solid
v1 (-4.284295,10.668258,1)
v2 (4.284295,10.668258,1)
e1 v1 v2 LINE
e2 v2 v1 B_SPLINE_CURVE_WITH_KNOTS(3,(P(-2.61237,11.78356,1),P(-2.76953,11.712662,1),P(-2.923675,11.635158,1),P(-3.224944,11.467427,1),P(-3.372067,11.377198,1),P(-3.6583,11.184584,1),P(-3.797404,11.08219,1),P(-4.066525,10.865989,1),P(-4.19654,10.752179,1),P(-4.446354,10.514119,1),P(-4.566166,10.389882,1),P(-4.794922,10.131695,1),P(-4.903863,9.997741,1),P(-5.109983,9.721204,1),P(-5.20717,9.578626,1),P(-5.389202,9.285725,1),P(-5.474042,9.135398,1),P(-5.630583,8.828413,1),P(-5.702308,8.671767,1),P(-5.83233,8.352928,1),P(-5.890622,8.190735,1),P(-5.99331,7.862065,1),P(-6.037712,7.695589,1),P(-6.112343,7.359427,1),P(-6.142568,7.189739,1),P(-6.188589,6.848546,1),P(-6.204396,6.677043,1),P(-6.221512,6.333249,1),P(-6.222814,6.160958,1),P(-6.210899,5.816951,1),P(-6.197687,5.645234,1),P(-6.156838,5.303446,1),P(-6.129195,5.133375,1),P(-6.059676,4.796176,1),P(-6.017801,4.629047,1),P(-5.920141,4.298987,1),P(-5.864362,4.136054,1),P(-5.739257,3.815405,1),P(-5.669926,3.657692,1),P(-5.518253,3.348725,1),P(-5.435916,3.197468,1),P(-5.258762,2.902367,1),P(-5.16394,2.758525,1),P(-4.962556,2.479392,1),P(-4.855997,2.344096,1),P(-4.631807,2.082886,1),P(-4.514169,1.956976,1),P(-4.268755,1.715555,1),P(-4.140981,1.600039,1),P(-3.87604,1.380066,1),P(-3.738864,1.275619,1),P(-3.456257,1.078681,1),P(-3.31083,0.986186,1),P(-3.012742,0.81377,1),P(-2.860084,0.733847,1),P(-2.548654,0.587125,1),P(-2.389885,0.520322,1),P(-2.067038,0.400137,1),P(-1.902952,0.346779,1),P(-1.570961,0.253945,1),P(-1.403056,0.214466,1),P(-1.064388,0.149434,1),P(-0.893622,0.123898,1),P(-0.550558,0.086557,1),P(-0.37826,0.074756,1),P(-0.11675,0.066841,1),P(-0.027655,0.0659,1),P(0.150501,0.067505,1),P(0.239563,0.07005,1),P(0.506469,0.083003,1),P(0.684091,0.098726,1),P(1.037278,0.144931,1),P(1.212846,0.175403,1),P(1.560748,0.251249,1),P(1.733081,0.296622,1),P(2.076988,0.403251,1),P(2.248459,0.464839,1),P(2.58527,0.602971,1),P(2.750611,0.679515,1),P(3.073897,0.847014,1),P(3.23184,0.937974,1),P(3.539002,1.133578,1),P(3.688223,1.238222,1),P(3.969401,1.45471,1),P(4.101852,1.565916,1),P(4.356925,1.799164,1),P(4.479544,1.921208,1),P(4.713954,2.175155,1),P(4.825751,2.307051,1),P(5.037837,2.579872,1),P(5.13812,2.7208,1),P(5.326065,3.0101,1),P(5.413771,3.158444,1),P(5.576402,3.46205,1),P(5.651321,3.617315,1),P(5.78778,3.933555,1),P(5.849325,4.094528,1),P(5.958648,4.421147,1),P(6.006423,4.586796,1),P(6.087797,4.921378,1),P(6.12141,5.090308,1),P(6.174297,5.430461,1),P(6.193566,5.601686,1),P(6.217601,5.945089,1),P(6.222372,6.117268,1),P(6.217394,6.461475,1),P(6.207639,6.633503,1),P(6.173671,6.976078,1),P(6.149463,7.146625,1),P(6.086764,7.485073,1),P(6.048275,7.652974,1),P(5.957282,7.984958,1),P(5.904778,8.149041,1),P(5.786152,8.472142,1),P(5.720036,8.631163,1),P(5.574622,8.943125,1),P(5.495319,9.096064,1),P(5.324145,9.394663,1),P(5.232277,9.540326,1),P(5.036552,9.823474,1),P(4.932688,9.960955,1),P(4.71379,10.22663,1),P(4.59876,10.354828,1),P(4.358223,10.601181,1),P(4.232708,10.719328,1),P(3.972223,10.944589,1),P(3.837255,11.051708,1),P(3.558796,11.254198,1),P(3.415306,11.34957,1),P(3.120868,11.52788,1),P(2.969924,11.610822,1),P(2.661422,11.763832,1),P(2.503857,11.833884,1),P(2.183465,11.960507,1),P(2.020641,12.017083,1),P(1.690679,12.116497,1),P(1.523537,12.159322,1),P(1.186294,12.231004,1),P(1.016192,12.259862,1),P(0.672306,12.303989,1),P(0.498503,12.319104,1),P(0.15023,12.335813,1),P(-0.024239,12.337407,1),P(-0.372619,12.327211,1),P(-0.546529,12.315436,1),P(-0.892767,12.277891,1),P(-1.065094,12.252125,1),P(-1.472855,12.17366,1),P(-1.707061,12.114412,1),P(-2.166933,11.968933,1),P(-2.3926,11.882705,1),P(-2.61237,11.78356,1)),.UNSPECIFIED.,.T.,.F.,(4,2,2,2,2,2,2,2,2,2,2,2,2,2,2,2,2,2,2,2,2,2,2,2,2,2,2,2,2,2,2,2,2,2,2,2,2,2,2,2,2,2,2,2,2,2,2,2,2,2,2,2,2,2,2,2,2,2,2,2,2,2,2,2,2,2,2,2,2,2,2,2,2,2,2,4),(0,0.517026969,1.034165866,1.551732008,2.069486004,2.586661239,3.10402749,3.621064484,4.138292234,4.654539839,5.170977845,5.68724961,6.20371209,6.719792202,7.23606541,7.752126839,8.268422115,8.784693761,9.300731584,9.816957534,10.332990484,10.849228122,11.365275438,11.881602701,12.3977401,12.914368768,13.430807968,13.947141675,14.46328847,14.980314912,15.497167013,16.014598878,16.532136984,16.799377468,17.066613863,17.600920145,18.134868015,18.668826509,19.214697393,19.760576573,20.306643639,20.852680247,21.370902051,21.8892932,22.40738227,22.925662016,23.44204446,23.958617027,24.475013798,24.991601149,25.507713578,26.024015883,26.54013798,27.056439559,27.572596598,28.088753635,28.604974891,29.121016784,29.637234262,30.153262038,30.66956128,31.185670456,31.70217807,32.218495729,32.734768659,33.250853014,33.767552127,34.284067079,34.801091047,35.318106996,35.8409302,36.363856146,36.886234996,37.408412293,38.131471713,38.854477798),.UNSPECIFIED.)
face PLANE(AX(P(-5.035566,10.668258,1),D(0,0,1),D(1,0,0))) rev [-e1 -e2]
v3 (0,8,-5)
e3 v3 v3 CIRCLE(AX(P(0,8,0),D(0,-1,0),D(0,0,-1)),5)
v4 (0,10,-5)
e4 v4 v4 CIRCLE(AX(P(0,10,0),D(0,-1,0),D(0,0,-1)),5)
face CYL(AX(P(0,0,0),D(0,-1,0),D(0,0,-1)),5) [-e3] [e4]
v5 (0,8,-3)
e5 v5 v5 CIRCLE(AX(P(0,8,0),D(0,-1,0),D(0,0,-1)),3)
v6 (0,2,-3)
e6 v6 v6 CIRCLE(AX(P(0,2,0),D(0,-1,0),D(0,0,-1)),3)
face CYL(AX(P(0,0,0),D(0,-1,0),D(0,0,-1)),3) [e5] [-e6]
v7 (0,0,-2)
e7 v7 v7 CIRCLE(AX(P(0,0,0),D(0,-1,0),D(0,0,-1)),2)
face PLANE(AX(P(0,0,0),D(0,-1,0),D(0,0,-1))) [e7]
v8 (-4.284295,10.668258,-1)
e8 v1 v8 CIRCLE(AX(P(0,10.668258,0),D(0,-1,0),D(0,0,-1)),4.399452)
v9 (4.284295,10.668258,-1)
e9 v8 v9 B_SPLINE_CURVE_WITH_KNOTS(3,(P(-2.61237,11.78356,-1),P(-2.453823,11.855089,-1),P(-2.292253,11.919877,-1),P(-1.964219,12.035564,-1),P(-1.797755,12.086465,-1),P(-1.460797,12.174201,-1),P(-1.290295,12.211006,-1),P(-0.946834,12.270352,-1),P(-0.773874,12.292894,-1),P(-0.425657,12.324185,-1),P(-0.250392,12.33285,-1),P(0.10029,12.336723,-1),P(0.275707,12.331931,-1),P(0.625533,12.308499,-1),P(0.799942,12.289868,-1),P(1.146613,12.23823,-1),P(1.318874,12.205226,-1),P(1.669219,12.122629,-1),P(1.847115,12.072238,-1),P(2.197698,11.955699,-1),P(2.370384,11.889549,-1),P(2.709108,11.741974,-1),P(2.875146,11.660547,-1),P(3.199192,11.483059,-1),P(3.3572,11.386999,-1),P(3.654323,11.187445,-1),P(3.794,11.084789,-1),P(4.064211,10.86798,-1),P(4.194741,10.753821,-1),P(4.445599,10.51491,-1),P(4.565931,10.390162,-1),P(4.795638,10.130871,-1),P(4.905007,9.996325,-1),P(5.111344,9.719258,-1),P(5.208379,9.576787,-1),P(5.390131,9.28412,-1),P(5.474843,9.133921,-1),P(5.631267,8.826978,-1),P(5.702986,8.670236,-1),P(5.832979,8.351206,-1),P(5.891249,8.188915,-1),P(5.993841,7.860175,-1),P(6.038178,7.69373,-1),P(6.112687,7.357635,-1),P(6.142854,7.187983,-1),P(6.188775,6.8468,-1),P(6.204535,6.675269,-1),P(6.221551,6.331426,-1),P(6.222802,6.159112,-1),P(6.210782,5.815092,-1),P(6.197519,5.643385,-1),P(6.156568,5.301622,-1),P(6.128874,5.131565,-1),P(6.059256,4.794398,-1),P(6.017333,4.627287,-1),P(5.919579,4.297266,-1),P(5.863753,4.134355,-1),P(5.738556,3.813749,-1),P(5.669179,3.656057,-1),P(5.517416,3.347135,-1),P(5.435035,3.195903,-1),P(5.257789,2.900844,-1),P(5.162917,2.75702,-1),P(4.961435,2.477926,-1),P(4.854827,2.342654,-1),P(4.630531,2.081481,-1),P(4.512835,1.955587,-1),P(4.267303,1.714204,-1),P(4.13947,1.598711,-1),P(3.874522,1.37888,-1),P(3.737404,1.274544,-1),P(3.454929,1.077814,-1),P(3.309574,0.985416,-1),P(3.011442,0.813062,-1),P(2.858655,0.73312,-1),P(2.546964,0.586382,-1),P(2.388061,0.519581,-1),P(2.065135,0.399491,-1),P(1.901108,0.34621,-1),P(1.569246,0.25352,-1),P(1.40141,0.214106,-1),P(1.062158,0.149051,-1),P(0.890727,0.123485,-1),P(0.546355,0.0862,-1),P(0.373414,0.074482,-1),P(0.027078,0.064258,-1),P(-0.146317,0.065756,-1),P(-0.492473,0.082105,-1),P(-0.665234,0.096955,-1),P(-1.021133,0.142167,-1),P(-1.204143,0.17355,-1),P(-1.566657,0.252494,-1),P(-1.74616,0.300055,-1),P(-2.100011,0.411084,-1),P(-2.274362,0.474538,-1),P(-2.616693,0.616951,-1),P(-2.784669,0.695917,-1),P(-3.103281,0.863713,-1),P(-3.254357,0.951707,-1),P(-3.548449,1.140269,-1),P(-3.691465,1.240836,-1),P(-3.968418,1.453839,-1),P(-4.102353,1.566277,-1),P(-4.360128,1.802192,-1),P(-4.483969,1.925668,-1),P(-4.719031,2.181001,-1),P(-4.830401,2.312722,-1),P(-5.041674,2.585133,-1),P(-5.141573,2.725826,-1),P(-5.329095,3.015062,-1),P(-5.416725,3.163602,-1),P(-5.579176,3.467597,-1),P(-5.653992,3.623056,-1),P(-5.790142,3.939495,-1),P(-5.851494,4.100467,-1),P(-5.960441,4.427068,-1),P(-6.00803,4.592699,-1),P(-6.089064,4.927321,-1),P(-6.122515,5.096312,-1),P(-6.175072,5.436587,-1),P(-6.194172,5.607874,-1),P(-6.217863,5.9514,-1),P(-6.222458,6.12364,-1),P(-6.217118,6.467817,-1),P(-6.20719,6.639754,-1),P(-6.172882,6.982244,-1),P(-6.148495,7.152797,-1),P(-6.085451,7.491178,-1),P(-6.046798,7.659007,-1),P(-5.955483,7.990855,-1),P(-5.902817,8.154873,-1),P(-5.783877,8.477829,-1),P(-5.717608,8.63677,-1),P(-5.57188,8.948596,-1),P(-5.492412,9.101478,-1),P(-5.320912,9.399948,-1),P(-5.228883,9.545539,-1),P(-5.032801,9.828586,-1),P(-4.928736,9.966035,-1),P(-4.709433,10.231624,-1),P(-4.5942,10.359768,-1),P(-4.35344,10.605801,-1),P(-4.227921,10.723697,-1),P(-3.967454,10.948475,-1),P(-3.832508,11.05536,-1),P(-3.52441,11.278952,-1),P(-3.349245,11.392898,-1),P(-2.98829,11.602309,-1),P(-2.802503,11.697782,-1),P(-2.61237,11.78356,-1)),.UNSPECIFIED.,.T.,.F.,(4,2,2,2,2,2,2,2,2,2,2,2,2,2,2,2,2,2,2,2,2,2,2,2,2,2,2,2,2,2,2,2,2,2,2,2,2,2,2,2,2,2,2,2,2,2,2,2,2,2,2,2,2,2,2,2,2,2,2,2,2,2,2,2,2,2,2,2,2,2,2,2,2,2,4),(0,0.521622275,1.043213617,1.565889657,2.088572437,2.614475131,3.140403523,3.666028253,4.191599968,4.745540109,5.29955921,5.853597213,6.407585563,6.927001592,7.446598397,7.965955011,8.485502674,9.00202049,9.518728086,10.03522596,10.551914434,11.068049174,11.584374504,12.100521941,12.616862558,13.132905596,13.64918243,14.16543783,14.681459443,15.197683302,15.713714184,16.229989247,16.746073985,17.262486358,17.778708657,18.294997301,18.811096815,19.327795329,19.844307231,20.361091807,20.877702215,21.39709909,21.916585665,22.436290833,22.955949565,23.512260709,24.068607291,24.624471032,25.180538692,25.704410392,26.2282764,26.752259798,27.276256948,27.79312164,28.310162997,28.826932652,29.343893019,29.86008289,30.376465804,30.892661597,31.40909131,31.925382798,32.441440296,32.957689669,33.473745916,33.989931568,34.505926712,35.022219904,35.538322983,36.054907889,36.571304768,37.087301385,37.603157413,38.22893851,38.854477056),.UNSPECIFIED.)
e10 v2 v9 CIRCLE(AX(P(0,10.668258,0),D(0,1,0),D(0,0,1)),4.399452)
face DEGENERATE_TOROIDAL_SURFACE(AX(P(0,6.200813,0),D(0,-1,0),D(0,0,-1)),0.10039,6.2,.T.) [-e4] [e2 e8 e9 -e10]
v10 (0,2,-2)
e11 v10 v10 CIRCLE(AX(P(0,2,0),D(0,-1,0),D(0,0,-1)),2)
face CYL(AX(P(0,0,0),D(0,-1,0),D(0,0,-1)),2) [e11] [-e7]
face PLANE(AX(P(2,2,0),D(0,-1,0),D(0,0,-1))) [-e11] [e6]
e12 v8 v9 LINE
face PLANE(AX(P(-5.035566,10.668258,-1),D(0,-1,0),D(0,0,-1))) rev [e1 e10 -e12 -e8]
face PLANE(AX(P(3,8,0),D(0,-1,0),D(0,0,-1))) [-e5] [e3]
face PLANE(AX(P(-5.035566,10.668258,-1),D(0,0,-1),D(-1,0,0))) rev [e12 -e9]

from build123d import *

# Parameters (mm, degrees)
KES_EKSTR_ZYON12_START = -4.399452
IZIM9_W                = 2
IZIM9_H                = 1.732554961
KES_EKSTR_ZYON12_DEPTH = 8.798904


with BuildPart() as part:
    # Çizim2 → Döndür3 (revolve)
    with BuildSketch(Plane.XY):
        with BuildLine():
            Line((0, 0), (2, 0))
            Line((2, 0), (2, 2))
            Line((2, 2), (3, 2))
            Line((3, 2), (3, 8))
            Line((3, 8), (5, 8))
            Line((5, 8), (5, 10))
            ThreePointArc((5, 10), (2.783322768, 11.790255766), (0, 12.4))
            Line((0, 12.4), (0, 0))
        make_face()
    revolve(axis=Axis((0, 0, 0), (0, 1, 0)))

    # Çizim9 → Kes-Ekstrüzyon12 (cut)
    with BuildSketch(Plane(origin=(0, 0, 0), x_dir=(0, 0, -1), z_dir=(1, 0, 0)).offset(KES_EKSTR_ZYON12_START)):
        with Locations((0, 11.53453533)):
            Rectangle(IZIM9_W, IZIM9_H)
    kes_ekstr_zyon12 = extrude(amount=KES_EKSTR_ZYON12_DEPTH, mode=Mode.SUBTRACT)

    # Aynalama2: Kes-Ekstrüzyon12 across plane
    add(kes_ekstr_zyon12.mirror(Plane(origin=(0, 0, 0), x_dir=(0, 0, 1), z_dir=(1, 0, 0))), mode=Mode.SUBTRACT)


solid = part.part
